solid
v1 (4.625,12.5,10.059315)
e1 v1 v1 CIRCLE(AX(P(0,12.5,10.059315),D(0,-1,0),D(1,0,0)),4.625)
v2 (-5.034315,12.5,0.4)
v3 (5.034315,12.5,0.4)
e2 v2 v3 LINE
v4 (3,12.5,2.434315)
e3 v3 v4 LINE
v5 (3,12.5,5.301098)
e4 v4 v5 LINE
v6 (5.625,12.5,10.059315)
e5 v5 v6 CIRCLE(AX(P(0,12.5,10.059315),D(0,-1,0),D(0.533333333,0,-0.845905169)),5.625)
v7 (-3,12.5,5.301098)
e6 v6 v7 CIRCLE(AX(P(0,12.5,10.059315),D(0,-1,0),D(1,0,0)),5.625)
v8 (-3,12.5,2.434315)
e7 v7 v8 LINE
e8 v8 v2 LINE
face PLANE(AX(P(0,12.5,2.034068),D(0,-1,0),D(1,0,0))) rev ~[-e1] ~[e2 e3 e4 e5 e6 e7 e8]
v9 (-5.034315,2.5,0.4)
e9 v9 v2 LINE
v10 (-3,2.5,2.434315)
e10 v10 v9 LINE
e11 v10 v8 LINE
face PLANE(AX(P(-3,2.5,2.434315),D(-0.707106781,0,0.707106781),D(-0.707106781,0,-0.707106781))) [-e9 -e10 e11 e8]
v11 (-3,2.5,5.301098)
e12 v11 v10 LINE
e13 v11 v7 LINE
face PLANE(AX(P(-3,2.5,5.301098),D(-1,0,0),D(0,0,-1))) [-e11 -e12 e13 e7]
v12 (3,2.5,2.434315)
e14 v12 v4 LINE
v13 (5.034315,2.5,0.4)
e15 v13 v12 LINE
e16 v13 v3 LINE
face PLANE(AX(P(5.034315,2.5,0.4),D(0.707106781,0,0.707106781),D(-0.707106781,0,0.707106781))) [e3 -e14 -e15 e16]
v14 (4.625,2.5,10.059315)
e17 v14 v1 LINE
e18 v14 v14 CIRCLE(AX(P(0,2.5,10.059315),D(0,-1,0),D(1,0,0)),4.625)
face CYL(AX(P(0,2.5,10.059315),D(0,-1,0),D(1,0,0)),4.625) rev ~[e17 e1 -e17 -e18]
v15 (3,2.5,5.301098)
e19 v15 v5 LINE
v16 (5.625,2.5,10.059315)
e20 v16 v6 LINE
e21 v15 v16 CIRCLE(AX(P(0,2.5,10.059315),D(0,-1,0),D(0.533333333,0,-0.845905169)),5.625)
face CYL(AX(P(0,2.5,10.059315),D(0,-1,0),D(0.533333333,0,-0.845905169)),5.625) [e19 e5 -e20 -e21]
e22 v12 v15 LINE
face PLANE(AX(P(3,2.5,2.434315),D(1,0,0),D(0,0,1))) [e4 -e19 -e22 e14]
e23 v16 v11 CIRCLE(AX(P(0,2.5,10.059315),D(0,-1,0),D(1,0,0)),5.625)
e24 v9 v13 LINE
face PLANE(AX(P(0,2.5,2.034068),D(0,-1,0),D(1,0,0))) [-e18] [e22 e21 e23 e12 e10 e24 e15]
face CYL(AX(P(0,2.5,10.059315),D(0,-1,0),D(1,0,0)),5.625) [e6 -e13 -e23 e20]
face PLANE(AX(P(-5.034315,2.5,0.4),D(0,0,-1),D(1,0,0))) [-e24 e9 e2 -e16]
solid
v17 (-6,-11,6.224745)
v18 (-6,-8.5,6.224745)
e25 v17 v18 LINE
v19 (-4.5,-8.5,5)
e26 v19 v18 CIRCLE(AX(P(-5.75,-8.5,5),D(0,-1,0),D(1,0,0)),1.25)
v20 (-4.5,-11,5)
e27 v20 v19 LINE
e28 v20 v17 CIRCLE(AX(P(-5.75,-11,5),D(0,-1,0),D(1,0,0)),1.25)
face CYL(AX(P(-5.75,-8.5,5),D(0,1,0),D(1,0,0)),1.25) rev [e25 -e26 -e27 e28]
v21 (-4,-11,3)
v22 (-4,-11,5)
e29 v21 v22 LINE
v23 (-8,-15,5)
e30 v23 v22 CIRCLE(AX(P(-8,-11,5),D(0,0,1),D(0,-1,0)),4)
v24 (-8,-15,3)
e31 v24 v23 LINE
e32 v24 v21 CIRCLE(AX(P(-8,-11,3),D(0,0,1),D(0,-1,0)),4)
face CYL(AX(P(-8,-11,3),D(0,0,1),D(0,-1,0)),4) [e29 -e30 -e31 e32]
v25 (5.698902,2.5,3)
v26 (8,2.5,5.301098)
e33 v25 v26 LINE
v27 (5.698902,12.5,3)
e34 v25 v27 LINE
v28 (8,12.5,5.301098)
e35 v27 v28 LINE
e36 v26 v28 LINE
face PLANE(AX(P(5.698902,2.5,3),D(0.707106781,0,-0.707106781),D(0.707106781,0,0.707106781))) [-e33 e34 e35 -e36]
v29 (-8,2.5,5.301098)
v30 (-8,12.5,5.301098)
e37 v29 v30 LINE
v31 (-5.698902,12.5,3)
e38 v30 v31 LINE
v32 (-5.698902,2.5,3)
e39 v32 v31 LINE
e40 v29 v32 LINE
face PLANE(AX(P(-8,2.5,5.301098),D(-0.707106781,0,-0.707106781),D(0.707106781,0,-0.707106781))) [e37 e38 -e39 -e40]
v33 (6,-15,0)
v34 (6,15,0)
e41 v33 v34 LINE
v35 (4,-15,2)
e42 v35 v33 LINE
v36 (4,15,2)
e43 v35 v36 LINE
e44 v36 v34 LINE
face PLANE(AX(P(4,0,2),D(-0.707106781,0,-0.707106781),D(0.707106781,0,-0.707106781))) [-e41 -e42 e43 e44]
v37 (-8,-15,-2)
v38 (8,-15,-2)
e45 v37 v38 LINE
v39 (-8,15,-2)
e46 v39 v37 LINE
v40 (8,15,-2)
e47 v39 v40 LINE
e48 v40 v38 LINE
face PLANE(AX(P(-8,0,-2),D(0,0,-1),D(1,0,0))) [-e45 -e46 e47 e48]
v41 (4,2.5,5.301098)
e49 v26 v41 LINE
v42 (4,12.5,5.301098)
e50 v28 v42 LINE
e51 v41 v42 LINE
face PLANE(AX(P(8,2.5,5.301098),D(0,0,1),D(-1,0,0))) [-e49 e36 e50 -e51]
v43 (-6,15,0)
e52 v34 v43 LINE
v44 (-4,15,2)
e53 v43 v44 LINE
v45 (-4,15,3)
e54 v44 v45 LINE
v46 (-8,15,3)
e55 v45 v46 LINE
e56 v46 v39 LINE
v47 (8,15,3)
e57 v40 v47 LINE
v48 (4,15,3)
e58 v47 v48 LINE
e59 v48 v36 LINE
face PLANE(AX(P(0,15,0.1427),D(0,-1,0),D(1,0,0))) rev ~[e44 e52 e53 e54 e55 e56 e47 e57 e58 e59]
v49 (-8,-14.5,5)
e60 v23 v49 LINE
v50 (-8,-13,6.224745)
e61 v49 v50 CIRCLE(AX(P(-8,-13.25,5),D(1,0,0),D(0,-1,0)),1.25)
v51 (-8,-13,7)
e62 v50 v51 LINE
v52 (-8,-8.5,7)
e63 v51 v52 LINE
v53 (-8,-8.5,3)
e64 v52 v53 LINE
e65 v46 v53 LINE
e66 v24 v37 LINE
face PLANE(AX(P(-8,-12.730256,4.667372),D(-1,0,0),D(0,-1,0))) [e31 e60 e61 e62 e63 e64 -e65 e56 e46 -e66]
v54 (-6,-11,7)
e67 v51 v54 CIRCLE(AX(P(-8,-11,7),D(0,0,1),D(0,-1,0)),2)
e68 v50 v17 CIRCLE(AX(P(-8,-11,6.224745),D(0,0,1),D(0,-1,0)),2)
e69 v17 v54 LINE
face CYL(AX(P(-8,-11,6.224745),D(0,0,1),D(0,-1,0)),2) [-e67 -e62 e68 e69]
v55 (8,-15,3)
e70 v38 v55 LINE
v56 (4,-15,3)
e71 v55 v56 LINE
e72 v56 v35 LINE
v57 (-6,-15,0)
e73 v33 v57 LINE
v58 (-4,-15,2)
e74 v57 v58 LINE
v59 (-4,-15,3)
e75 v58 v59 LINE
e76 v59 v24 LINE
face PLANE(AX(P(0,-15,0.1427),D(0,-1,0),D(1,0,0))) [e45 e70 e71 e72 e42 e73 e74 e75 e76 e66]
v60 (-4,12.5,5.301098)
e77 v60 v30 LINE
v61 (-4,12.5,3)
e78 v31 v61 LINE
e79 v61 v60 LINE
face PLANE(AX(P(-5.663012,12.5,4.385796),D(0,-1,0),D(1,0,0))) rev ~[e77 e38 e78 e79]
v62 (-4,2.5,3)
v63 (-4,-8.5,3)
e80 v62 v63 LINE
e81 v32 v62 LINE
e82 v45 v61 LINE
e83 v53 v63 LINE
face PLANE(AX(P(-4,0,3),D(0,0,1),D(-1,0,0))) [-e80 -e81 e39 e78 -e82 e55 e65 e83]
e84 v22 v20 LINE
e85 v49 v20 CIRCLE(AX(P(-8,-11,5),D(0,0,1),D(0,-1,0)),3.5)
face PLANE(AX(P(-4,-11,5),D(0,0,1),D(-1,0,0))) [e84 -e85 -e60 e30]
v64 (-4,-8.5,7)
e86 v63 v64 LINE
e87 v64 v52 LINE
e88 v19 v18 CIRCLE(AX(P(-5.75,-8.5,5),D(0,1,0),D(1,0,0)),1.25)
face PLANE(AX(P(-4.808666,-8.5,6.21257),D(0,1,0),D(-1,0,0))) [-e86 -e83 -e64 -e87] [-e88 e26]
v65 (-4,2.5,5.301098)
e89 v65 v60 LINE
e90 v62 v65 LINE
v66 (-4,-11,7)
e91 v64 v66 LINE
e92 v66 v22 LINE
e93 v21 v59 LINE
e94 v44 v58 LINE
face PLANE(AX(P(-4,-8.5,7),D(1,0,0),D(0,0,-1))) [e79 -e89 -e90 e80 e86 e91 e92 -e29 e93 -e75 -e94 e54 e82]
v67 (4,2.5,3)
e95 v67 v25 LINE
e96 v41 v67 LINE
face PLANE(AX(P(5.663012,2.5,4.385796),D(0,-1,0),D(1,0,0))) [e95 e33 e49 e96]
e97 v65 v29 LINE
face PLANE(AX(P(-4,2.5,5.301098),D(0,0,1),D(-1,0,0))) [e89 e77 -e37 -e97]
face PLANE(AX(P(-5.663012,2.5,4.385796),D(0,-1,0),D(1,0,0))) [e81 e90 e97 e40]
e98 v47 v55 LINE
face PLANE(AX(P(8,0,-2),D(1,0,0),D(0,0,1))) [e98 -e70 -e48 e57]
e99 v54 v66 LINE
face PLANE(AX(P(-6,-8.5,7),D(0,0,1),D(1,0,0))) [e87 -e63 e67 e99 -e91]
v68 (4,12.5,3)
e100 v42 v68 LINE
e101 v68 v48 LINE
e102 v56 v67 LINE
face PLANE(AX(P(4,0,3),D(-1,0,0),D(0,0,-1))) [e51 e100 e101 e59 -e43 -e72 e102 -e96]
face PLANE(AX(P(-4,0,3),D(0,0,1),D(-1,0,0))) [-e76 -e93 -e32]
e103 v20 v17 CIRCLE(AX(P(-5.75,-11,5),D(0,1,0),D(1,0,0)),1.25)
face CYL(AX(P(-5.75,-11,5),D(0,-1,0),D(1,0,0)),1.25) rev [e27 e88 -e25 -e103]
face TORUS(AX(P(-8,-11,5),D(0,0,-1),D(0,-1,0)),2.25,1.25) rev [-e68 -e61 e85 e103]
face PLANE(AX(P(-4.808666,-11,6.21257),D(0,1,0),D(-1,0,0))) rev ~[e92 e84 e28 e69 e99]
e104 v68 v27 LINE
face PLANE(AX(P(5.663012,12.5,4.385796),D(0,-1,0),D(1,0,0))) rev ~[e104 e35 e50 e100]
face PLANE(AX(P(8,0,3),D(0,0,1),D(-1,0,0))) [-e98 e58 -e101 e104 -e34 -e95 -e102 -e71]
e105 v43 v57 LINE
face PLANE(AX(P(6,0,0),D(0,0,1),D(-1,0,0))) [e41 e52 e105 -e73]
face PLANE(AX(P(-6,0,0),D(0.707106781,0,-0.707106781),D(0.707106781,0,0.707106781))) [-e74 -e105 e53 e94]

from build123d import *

# Parameters (mm, degrees)
F1_DEPTH = 15
F2_START = -2.5
F0_R     = 4.625
F2_DEPTH = 10
F3_START = -2.5
F3_DEPTH = 10
F5_ANGLE = 90
F6_DEPTH = 2.5
F8_DEPTH = 2.5


with BuildPart() as f1:
    # F0 (on Front) → F1 (new body, symmetric)
    with BuildSketch(Plane.XZ):
        Polygon((6, 0), (0, 0), (-6, 0), (-4, 2), (-4, 3), (-5.6989020026, 3), (-8, 3), (-8, -2), (0, -2), (8, -2), (8, 3), (5.6989020026, 3), (4, 3), (4, 2), align=None)
    extrude(amount=F1_DEPTH, both=True)

    # F0 (on Front) → F3 (join)
    with BuildSketch(Plane.XZ.offset(F3_START)):
        Polygon((-5.6989020026, 3), (-4, 3), (-4, 5.3010979974), (-8, 5.3010979974), align=None)
        Polygon((4, 5.3010979974), (4, 3), (5.6989020026, 3), (8, 5.3010979974), align=None)
    extrude(amount=-F3_DEPTH)

    # F4 (on face) → F5 (revolve)
    with BuildSketch(Plane(origin=(-8, 0, 0), x_dir=(0, -1, 0), z_dir=(-1, 0, 0))):
        with BuildLine():
            Line((11, 3), (15, 3))
            Line((15, 3), (15, 5))
            Line((15, 5), (14.5, 5))
            ThreePointArc((14.5, 5), (12.459430585, 4.0317541634), (13, 6.2247448714))
            Line((13, 6.2247448714), (13, 7))
            Line((13, 7), (11, 7))
            Line((11, 7), (11, 3))
        make_face()
    revolve(axis=Axis((-8, -11, 5), (0, 0, 1)), revolution_arc=F5_ANGLE)

    # F6 (add): a face of the model
    f6_faces = [f1.faces().sort_by_distance(p)[0] for p in [
        (-6, -11, 3.0565685425),
    ]]
    extrude(f6_faces, amount=F6_DEPTH)

    # F7 (on face) → F8 (join)
    with BuildSketch(Plane(origin=(0, -8.5, 0), x_dir=(-1, 0, 0), z_dir=(0, 1, 0))):
        with BuildLine():
            Line((4, 7), (4, 5))
            Line((4, 5), (4.5, 5))
            ThreePointArc((4.5, 5), (4.959430585, 5.9682458366), (6, 6.2247448714))
            Line((6, 6.2247448714), (6, 7))
            Line((6, 7), (4, 7))
        make_face()
    extrude(amount=-F8_DEPTH)


with BuildPart() as f2:
    # F0 (on Front) → F2 (new body)
    with BuildSketch(Plane.XZ.offset(F2_START)):
        Polygon((-5.0343145751, 0.4), (0, 0.4), (5.0343145751, 0.4), (3, 2.4343145751), (3, 4.4343145751), (0, 4.4343145751), (-3, 4.4343145751), (-3, 2.4343145751), align=None)
        with BuildLine():
            Line((-3, 5.3010979974), (-3, 4.4343145751))
            Line((-3, 4.4343145751), (0, 4.4343145751))
            ThreePointArc((0, 4.4343145751), (-1.5613546603, 4.6553533775), (-3, 5.3010979974))
        make_face()
        with BuildLine():
            ThreePointArc((-3, 5.3010979974), (-1.5613546603, 4.6553533775), (0, 4.4343145751))
            ThreePointArc((0, 4.4343145751), (1.5613546603, 4.6553533775), (3, 5.3010979974))
            ThreePointArc((3, 5.3010979974), (4.9252220762, 7.3421814351), (5.625, 10.0593145751))
            ThreePointArc((5.625, 10.0593145751), (-2.7171331399, 14.9845366513), (-3, 5.3010979974))
        make_face()
        with Locations((0, 10.0593145751)):
            Circle(F0_R, mode=Mode.SUBTRACT)
        with BuildLine():
            Line((0, 4.4343145751), (3, 4.4343145751))
            Line((3, 4.4343145751), (3, 5.3010979974))
            ThreePointArc((3, 5.3010979974), (1.5613546603, 4.6553533775), (0, 4.4343145751))
        make_face()
    extrude(amount=-F2_DEPTH)


solid = Compound([f1.part, f2.part])
